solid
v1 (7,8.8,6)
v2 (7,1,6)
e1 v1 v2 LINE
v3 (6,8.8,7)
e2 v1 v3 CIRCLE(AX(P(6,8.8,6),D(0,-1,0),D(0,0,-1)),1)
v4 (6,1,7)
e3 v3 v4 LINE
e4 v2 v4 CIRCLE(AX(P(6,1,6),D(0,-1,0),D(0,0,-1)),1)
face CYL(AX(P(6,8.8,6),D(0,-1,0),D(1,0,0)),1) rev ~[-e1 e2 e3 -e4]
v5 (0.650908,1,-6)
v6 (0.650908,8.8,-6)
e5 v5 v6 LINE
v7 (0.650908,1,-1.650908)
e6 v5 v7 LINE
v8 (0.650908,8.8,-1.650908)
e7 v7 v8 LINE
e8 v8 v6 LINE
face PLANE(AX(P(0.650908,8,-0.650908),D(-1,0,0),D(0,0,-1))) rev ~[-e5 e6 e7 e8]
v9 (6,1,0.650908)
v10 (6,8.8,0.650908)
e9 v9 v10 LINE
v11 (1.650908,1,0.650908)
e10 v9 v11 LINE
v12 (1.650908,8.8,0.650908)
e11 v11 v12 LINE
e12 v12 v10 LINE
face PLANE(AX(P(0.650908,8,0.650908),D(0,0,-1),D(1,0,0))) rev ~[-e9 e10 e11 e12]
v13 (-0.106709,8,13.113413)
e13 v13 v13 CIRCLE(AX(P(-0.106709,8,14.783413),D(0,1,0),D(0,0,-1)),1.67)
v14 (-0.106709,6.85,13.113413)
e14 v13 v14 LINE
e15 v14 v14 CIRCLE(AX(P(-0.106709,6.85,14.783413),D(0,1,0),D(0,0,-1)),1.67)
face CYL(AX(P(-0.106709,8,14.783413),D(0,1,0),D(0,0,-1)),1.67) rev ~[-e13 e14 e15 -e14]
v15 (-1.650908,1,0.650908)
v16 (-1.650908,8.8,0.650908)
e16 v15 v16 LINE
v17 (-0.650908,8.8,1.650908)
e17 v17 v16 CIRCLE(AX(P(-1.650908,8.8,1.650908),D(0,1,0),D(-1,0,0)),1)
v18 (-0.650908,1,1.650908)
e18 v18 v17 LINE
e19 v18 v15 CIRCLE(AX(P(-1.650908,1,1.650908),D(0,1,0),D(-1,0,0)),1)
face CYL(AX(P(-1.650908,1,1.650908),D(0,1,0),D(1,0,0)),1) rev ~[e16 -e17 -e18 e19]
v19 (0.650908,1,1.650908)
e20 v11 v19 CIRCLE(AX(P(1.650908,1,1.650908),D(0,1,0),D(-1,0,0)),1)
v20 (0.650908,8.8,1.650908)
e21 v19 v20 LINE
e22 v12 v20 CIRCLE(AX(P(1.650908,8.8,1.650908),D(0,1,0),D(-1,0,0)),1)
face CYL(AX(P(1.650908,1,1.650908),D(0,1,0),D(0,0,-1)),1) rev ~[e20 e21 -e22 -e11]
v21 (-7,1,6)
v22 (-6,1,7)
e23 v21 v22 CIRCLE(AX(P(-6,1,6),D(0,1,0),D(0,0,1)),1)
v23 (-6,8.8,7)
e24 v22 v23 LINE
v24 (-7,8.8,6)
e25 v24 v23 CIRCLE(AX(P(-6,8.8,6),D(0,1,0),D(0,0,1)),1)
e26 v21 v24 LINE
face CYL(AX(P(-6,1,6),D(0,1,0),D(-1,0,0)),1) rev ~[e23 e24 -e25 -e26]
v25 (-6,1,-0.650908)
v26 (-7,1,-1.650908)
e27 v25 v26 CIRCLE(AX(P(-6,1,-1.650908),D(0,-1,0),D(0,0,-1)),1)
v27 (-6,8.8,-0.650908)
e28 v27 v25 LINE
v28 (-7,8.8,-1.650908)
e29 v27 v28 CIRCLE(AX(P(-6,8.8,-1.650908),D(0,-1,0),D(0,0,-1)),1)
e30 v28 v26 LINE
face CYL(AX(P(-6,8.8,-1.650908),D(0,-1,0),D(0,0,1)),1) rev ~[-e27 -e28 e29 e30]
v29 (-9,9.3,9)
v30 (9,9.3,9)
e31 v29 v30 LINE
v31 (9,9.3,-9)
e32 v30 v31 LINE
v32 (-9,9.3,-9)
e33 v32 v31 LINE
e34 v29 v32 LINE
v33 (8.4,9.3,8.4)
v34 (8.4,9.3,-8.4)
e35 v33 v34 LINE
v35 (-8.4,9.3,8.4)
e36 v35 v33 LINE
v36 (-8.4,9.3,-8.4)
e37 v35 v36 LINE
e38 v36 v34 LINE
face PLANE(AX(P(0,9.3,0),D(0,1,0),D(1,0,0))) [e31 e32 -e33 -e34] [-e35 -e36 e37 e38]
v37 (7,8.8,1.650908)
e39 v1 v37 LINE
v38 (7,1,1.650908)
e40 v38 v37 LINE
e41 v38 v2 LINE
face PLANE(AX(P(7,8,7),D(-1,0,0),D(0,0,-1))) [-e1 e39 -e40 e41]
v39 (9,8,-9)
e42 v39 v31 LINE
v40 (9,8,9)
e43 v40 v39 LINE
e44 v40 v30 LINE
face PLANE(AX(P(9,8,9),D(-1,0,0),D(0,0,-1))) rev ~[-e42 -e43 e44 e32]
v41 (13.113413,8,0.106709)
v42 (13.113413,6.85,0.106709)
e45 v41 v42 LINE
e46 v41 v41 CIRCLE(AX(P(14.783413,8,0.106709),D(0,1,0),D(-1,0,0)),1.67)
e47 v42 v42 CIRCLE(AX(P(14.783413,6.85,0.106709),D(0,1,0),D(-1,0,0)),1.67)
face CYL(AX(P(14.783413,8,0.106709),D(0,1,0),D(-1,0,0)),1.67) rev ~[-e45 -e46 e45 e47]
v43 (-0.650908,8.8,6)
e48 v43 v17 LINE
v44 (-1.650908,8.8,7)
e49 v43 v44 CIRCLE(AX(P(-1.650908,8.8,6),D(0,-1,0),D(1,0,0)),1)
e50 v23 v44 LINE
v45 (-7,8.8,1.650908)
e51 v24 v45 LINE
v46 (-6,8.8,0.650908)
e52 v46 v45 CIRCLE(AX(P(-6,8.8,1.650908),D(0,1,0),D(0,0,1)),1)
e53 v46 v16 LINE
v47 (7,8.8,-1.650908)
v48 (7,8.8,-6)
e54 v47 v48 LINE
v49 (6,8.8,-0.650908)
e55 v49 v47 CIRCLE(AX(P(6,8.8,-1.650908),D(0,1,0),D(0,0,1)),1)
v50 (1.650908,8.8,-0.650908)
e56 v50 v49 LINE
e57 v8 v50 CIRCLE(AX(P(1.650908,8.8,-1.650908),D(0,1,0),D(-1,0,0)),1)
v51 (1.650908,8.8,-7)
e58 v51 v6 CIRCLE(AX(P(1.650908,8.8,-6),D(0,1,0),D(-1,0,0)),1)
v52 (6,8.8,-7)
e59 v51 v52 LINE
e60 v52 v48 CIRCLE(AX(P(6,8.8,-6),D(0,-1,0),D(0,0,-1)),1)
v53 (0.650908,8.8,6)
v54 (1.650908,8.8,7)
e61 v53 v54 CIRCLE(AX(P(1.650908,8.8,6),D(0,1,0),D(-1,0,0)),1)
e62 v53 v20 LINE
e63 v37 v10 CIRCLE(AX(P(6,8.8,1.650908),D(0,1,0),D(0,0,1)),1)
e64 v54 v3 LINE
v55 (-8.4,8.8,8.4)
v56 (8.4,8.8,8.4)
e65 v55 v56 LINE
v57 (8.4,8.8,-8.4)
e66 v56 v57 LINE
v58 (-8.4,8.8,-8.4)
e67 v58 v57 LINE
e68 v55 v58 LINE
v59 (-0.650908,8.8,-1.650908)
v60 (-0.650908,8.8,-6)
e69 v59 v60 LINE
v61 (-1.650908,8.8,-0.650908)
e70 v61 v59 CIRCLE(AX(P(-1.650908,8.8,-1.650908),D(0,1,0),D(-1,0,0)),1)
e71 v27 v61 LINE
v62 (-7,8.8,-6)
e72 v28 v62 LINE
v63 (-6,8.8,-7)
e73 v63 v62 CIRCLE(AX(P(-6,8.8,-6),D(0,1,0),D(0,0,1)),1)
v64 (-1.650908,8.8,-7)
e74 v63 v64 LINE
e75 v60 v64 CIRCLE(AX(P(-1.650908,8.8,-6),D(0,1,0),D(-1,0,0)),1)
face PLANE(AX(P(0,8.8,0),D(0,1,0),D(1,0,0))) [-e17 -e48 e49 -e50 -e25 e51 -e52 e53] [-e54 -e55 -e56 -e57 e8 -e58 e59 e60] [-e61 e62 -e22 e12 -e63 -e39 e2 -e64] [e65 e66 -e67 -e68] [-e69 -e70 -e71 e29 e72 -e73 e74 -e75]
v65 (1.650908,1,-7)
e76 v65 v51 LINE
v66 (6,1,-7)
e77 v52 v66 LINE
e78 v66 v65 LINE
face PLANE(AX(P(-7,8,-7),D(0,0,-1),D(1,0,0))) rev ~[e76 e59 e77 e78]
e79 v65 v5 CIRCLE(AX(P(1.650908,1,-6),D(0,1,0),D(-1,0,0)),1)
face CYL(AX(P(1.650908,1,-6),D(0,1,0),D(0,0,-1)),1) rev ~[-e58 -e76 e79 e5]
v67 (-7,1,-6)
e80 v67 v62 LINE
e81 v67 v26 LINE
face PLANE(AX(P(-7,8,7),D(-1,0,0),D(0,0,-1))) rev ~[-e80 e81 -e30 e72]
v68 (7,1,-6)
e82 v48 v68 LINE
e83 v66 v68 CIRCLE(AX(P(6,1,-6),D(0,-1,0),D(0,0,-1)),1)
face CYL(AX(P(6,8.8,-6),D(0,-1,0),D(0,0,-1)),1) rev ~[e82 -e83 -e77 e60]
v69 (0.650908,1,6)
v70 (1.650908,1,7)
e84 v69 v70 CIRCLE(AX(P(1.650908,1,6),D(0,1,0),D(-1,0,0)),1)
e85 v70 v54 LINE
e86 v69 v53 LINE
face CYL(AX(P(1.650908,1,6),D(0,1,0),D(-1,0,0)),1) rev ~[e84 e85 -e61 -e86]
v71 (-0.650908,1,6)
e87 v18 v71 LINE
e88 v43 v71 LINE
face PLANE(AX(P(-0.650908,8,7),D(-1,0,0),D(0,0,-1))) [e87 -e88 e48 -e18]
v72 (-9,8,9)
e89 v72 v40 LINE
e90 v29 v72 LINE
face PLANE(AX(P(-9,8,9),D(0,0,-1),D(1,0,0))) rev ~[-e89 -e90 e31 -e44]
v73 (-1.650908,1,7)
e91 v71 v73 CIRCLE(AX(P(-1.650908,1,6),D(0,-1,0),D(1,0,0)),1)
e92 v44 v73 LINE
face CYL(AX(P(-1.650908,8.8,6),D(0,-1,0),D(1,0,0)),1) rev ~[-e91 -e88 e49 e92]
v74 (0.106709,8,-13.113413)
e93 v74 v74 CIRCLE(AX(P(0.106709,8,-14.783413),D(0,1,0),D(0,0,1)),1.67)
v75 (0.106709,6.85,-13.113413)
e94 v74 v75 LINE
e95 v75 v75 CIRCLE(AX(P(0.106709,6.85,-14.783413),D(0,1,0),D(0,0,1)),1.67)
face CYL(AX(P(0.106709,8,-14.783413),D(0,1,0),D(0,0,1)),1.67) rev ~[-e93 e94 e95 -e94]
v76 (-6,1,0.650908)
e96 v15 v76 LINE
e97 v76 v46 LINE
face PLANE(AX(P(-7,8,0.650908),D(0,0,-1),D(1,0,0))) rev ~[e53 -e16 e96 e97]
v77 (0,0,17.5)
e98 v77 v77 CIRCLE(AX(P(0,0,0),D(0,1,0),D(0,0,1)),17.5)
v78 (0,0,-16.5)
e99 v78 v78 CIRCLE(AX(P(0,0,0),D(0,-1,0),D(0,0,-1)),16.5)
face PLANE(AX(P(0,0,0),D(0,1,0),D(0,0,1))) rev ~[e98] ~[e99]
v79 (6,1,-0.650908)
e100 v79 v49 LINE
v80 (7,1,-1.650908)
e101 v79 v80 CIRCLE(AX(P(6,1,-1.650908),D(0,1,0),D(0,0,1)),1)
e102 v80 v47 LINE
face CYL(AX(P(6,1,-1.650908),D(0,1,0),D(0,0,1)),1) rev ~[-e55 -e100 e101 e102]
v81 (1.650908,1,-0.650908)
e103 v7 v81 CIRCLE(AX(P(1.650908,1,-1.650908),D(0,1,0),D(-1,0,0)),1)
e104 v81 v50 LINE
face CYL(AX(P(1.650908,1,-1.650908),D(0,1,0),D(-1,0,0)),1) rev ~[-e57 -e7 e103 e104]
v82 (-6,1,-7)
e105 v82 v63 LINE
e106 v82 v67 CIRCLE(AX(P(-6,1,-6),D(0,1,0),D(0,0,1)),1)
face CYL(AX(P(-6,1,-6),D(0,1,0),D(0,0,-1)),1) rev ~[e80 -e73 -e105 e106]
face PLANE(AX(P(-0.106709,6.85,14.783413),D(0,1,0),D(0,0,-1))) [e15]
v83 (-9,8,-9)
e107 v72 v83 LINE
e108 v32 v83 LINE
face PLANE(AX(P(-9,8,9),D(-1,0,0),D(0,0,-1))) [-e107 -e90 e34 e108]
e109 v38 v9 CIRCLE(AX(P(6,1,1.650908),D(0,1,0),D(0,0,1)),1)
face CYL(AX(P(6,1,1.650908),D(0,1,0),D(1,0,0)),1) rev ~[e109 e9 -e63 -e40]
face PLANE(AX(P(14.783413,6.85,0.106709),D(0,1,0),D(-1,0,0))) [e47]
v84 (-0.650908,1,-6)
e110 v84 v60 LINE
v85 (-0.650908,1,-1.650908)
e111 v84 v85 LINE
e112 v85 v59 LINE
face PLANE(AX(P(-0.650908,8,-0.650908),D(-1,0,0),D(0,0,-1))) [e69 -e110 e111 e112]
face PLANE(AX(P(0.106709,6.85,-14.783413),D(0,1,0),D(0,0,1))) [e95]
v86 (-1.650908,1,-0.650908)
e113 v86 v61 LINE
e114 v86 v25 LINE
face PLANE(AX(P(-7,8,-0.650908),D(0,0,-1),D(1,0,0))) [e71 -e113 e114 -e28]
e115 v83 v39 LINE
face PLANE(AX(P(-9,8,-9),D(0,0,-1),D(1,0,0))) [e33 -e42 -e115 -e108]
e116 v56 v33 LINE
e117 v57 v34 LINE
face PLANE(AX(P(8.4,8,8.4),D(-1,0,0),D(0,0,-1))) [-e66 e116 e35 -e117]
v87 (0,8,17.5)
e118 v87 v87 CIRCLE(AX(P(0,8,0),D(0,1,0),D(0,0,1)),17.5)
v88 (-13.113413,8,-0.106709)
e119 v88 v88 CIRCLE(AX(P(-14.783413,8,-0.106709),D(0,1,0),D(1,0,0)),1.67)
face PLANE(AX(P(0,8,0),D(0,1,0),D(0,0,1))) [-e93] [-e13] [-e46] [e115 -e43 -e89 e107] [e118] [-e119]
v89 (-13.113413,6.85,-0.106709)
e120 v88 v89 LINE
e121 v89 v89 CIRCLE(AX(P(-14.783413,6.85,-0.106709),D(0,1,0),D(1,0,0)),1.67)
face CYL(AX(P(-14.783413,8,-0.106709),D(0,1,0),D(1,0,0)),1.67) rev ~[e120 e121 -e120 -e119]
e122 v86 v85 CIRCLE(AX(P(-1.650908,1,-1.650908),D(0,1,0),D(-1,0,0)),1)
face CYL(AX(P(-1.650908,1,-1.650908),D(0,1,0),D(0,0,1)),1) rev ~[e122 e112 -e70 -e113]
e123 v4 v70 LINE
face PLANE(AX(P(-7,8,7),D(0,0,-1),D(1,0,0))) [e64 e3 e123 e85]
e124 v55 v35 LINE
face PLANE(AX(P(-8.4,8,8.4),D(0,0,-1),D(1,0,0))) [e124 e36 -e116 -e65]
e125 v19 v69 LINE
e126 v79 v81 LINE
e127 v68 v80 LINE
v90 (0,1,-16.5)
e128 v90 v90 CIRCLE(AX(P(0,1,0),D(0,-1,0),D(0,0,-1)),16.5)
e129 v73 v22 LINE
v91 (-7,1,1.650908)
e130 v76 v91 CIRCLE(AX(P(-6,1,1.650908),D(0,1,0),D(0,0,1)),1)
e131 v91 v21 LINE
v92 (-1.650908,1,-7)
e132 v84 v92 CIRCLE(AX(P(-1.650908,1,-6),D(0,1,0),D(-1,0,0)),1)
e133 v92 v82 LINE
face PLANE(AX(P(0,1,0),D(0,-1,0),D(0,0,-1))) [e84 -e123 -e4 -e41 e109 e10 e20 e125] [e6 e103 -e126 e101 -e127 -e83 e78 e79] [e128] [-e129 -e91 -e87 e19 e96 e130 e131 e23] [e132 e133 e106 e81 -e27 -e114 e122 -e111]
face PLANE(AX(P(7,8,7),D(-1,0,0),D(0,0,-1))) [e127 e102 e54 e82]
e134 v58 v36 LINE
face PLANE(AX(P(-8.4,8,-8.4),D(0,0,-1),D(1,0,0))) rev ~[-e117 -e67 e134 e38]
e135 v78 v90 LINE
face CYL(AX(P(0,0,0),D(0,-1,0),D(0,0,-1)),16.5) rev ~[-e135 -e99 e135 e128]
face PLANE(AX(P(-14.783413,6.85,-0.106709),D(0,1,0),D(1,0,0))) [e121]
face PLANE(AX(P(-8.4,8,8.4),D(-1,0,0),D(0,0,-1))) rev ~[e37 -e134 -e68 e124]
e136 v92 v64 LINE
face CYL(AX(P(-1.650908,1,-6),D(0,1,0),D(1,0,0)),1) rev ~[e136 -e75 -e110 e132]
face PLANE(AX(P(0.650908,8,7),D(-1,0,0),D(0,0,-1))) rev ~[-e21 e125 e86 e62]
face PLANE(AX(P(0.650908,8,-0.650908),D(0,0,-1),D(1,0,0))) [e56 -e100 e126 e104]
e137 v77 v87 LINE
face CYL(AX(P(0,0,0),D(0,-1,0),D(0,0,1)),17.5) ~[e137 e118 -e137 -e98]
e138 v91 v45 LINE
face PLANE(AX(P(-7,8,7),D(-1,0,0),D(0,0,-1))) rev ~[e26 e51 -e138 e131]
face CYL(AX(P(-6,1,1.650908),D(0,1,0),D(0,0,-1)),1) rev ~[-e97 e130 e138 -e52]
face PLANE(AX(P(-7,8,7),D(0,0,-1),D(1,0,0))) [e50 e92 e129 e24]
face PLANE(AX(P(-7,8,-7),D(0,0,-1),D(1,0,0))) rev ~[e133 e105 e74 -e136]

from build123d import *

# Parameters (mm, degrees)
SKETCH1_R           = 17.5
BOSS_EXTRUDE1_DEPTH = 8
SKETCH5_R           = 16.5
CUT_EXTRUDE2_DEPTH  = 1
SKETCH11_R          = 1.67
CUT_EXTRUDE5_DEPTH  = 1.15
CIRPATTERN1_COUNT   = 4
SKETCH13_W          = 18
SKETCH13_H          = 18
SKETCH13_W_2        = 16.8
SKETCH13_H_2        = 16.8
BOSS_EXTRUDE3_DEPTH = 1.3
SKETCH12_W          = 18
SKETCH12_H          = 18
SKETCH12_W_2        = 14
SKETCH12_H_2        = 14
SKETCH12_W_3        = 6.349092008
SKETCH12_H_3        = 1.301815984
SKETCH12_W_4        = 1.301815984
SKETCH12_H_4        = 6.349092008
BOSS_EXTRUDE2_DEPTH = 0.8
SKETCH14_W          = 6.349092008
SKETCH14_H          = 6.349092008
CUT_EXTRUDE6_DEPTH  = 27.009613607
FILLET1_R           = 1


with BuildPart() as part:
    # Sketch1 → Boss-Extrude1 (new body)
    with BuildSketch(Plane(origin=(0, 0, 0), x_dir=(1, 0, 0), z_dir=(0, 1, 0))):
        with Locations(Location((0, 0, 0), (0, 0, 270))):
            Circle(SKETCH1_R)
    extrude(amount=BOSS_EXTRUDE1_DEPTH)

    # Sketch5 → Cut-Extrude2 (cut)
    with BuildSketch(Plane.XZ):
        with Locations(Location((0, 0, 0), (0, 0, 270))):
            Circle(SKETCH5_R)
    extrude(amount=-CUT_EXTRUDE2_DEPTH, mode=Mode.SUBTRACT)

    # Sketch11 → Cut-Extrude5 (cut)
    with BuildSketch(Plane(origin=(0, 8, 0), x_dir=(1, 0, 0), z_dir=(0, 1, 0))):
        with Locations(Location((0.106708516, 14.783412681, 0), (0, 0, 270))):
            Circle(SKETCH11_R)
    cut_extrude5 = extrude(amount=-CUT_EXTRUDE5_DEPTH, mode=Mode.SUBTRACT)

    # CirPattern1: Cut-Extrude5 ×4 about axis
    cirpattern1_axis = Axis((0, 0, 0), (0, 1, 0))
    for i in range(1, CIRPATTERN1_COUNT):
        add(cut_extrude5.rotate(cirpattern1_axis, i * 360 / CIRPATTERN1_COUNT), mode=Mode.SUBTRACT)

    # Sketch13 → Boss-Extrude3 (add)
    with BuildSketch(Plane(origin=(0, 8, 0), x_dir=(1, 0, 0), z_dir=(0, 1, 0))):
        Rectangle(SKETCH13_W, SKETCH13_H)
        Rectangle(SKETCH13_W_2, SKETCH13_H_2, mode=Mode.SUBTRACT)
    extrude(amount=BOSS_EXTRUDE3_DEPTH)

    # Sketch12 → Boss-Extrude2 (add)
    # profile 1 of 6: a face of its own
    with BuildSketch(Plane(origin=(0, 8, 0), x_dir=(1, 0, 0), z_dir=(0, 1, 0))):
        Rectangle(SKETCH12_W, SKETCH12_H)
        Rectangle(SKETCH12_W_2, SKETCH12_H_2, mode=Mode.SUBTRACT)
    # profile 2 of 6: a face of its own
    with BuildSketch(Plane(origin=(0, 8, 0), x_dir=(1, 0, 0), z_dir=(0, 1, 0))):
        with Locations((-3.825453996, 0)):
            Rectangle(SKETCH12_W_3, SKETCH12_H_3)
    # profile 3 of 6: a face of its own
    with BuildSketch(Plane(origin=(0, 8, 0), x_dir=(1, 0, 0), z_dir=(0, 1, 0))):
        with Locations((0, 3.825453996)):
            Rectangle(SKETCH12_W_4, SKETCH12_H_4)
    # profile 4 of 6: a face of its own
    with BuildSketch(Plane(origin=(0, 8, 0), x_dir=(1, 0, 0), z_dir=(0, 1, 0))):
        with Locations((0, -3.825453996)):
            Rectangle(SKETCH12_W_4, SKETCH12_H_4)
    # profile 5 of 6: a face of its own
    with BuildSketch(Plane(origin=(0, 8, 0), x_dir=(1, 0, 0), z_dir=(0, 1, 0))):
        Rectangle(SKETCH12_W_4, SKETCH12_H_3)
    # profile 6 of 6: a face of its own
    with BuildSketch(Plane(origin=(0, 8, 0), x_dir=(1, 0, 0), z_dir=(0, 1, 0))):
        with Locations((3.825453996, 0)):
            Rectangle(SKETCH12_W_3, SKETCH12_H_3)
    extrude(amount=BOSS_EXTRUDE2_DEPTH)

    # Sketch14 → Cut-Extrude6 (cut, through all)
    with BuildSketch(Plane(origin=(0, 8, 0), x_dir=(1, 0, 0), z_dir=(0, 1, 0))):
        with Locations((-3.825453996, 3.825453996)):
            Rectangle(SKETCH14_W, SKETCH14_H)
        with Locations((-3.825453996, -3.825453996)):
            Rectangle(SKETCH14_W, SKETCH14_H)
        with Locations((3.825453996, -3.825453996)):
            Rectangle(SKETCH14_W, SKETCH14_H)
        with Locations((3.825453996, 3.825453996)):
            Rectangle(SKETCH14_W, SKETCH14_H)
    extrude(amount=-CUT_EXTRUDE6_DEPTH, mode=Mode.SUBTRACT)

    # Fillet1
    fillet1_edges = [part.edges().sort_by_distance(p)[0] for p in [
        (-7, 4.9, 0.650907992),
        (-0.650907992, 4.9, 0.650907992),
        (-0.650907992, 4.9, 7),
        (-0.650907992, 4.5, -7),
        (-0.650907992, 4.5, -0.650907992),
        (-7, 4.9, -0.650907992),
        (0.650907992, 4.9, 7),
        (0.650907992, 4.9, 0.650907992),
        (7, 4.5, 0.650907992),
        (7, 4.9, -0.650907992),
        (0.650907992, 4.9, -0.650907992),
        (0.650907992, 4.9, -7),
        (-7, 4.9, -7),
        (7, 4.5, 7),
        (7, 4.9, -7),
        (-7, 4.9, 7),
    ]]
    fillet(fillet1_edges, radius=FILLET1_R)


solid = part.part
